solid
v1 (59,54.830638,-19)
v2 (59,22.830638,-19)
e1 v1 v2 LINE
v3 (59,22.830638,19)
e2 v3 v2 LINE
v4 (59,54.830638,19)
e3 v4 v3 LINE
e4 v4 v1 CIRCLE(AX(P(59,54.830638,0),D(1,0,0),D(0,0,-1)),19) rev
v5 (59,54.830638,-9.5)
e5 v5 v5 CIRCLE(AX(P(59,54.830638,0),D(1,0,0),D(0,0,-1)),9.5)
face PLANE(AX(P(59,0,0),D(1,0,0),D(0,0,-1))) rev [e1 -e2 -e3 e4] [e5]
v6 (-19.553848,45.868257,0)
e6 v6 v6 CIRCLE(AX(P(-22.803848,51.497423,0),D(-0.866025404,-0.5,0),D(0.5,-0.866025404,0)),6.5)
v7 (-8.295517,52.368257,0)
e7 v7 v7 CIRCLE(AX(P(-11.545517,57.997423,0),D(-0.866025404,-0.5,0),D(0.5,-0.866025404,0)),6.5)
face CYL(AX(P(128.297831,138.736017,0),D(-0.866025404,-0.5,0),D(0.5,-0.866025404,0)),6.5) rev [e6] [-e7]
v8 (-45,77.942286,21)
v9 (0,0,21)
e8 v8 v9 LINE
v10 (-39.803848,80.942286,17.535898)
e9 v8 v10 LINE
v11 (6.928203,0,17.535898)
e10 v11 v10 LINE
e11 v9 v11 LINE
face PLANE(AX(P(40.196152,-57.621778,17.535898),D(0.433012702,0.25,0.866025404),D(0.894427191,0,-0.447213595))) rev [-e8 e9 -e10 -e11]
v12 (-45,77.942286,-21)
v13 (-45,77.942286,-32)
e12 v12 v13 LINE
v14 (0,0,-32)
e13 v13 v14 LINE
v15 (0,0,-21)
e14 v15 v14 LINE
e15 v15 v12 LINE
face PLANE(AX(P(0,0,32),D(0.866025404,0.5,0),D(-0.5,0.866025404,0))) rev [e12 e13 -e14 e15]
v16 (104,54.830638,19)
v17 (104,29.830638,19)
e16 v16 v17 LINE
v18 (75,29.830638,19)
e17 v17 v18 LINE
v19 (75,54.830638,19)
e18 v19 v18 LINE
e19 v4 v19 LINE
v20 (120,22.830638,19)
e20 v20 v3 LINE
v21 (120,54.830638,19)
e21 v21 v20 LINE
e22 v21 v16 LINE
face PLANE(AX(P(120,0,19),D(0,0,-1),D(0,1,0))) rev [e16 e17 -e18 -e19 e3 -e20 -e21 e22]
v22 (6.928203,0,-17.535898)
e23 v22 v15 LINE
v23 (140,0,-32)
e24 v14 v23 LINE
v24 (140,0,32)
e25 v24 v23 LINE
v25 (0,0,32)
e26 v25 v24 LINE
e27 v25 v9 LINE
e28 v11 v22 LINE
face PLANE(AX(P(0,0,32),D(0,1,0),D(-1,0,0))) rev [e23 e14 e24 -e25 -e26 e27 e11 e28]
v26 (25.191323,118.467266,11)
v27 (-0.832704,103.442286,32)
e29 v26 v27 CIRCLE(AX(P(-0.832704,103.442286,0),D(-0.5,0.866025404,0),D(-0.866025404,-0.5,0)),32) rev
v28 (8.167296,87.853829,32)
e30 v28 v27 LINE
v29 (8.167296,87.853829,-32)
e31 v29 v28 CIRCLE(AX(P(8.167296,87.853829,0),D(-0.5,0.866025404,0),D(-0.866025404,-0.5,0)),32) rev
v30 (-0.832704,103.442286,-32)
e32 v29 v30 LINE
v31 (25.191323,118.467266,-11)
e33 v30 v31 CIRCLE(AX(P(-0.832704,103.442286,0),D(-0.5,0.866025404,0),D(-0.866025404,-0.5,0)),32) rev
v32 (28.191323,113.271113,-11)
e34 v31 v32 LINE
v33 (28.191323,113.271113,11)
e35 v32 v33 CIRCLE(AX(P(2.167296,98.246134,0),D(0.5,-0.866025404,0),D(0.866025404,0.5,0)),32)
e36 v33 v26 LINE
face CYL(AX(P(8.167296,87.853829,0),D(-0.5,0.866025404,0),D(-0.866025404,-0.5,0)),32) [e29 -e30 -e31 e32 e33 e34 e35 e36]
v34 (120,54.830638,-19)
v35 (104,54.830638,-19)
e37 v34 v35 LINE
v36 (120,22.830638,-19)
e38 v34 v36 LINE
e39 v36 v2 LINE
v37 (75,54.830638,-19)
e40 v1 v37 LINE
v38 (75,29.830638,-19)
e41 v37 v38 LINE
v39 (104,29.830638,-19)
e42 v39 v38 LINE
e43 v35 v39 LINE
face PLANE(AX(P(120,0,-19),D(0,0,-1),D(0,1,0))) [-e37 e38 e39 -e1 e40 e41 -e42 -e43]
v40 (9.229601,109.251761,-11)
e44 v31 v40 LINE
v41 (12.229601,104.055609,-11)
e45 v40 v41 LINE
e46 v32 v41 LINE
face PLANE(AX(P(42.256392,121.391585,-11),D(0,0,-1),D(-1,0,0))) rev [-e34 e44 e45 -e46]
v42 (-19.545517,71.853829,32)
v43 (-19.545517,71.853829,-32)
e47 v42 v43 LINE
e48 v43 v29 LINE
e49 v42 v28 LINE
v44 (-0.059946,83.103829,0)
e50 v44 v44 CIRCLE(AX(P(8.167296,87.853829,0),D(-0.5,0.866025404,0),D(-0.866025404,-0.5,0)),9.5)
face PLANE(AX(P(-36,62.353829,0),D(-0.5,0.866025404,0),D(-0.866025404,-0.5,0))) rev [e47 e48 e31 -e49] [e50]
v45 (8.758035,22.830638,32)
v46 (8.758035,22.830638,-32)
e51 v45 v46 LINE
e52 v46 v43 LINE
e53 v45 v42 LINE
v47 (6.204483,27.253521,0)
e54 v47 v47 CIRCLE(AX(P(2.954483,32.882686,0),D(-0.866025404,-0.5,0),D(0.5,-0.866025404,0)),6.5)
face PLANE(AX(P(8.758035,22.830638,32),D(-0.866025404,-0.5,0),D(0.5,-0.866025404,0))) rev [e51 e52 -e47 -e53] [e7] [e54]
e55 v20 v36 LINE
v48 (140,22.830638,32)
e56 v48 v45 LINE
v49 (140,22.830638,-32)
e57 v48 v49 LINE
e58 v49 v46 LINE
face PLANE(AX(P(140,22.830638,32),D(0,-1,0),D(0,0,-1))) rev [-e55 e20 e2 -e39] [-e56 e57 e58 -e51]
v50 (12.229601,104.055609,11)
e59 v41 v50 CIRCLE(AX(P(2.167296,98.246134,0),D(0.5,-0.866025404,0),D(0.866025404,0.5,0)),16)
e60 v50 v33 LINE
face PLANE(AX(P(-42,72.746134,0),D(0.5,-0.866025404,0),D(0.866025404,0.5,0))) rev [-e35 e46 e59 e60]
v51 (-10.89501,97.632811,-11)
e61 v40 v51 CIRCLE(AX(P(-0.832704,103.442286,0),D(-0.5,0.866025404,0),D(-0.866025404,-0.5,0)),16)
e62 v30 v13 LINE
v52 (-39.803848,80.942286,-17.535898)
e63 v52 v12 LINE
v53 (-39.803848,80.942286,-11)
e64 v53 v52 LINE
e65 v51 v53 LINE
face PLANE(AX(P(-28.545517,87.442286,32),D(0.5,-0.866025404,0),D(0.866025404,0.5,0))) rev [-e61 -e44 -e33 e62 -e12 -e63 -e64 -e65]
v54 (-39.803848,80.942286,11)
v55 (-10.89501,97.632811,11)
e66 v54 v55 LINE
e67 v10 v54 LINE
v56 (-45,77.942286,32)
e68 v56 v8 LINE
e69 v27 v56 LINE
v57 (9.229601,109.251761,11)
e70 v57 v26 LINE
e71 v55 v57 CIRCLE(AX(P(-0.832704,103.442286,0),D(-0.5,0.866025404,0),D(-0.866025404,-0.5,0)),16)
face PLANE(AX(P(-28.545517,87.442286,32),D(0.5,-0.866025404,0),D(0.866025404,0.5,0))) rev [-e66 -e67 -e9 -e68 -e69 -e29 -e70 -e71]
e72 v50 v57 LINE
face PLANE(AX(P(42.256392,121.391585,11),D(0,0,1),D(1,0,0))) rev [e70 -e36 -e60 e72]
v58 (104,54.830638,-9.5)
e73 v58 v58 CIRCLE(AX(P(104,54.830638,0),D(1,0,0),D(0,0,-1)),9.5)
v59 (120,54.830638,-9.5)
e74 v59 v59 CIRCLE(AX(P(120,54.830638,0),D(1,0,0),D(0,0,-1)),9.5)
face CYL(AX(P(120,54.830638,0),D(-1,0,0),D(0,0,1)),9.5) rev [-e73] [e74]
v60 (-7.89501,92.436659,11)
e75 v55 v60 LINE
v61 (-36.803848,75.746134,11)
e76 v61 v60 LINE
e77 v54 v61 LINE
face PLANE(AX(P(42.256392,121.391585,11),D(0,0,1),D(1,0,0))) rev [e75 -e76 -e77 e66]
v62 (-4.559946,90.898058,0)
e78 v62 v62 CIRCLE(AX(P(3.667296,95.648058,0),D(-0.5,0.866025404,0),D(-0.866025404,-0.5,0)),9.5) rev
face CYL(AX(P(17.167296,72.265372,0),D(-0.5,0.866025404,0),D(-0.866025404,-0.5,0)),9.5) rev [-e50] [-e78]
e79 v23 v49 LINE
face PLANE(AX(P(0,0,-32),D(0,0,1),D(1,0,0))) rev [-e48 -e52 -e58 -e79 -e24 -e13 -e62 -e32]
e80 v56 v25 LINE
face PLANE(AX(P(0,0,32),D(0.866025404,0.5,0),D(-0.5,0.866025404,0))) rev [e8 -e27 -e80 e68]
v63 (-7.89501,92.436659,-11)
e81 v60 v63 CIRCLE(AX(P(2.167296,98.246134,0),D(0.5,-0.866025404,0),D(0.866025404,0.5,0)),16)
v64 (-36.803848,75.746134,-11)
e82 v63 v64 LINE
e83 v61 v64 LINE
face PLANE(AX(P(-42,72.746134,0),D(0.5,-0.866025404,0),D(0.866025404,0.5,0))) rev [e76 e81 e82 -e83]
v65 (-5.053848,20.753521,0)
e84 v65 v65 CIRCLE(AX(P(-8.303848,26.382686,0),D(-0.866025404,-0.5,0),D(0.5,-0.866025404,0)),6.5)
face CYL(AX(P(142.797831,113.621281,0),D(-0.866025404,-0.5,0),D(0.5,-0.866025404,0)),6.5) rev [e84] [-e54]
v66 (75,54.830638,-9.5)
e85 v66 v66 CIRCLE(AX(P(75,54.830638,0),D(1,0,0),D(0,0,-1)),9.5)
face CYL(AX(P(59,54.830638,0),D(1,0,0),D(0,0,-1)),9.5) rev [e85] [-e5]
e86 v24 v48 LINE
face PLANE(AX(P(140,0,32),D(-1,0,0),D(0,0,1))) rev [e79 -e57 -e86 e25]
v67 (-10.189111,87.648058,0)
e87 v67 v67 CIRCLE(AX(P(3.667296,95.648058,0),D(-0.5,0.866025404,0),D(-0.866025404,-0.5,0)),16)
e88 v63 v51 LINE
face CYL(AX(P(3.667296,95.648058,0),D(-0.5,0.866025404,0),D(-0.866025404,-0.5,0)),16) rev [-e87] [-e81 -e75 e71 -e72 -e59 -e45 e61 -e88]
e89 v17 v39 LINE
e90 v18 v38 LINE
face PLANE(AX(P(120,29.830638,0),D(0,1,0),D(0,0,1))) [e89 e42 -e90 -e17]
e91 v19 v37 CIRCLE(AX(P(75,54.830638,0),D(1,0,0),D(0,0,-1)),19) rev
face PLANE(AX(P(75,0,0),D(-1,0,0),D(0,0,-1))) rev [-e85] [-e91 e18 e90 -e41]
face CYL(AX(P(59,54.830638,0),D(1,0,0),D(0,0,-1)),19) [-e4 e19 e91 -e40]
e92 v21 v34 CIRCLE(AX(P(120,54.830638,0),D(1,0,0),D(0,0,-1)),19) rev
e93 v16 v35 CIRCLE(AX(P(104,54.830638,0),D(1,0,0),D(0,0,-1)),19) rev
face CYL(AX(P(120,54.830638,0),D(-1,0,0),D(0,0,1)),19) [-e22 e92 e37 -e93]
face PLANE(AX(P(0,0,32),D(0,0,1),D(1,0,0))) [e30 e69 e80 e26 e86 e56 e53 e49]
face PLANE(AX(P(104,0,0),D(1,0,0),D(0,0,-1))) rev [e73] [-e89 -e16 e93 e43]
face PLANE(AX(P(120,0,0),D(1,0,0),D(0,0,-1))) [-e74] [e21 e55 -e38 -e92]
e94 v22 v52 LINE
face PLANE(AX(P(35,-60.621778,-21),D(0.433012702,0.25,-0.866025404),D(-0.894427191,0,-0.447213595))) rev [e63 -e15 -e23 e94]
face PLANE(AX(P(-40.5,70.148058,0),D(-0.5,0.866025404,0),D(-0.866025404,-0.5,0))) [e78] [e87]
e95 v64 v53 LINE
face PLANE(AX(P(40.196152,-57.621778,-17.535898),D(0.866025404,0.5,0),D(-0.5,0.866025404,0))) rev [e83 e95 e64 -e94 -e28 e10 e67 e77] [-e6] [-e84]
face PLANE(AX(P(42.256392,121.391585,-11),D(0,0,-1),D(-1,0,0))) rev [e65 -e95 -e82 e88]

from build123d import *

# Parameters (mm, degrees)
EXTRUDE_1_DEPTH     = 32
EXTRUDE_2_DEPTH     = 18
CUT_EXTRUDE_1_DEPTH = 204.283053893
SKETCH_5_W          = 110.763550328
SKETCH_5_H          = 22
CUT_EXTRUDE_2_DEPTH = 6
SKETCH_6_R          = 9.5
CUT_EXTRUDE_3_DEPTH = 36
SKETCH_6_3_R        = 16
CUT_EXTRUDE_4_DEPTH = 9
SKETCH_7_R          = 6.5
CUT_EXTRUDE_5_DEPTH = 181.357330689
SKETCH_8_W          = 38
SKETCH_8_H          = 7
EXTRUDE_3_DEPTH     = 30.5
EXTRUDE_START       = 14.5
SKETCH_8_3_R        = 9.5
EXTRUDE_4_DEPTH     = 16


with BuildPart() as part:
    # 草圖1 → 填料-伸長1 (new, symmetric)
    with BuildSketch(Plane.XY):
        Polygon((0, 0), (-45, 77.942286341), (-28.545517328, 87.442286341), (8.758035362, 22.830637779), (140, 22.830637779), (140, 0), align=None)
    extrude(amount=EXTRUDE_1_DEPTH, both=True)

    # 草圖2 → 填料-伸長2 (add)
    with BuildSketch(Plane(origin=(-45, 77.942286341, 0), x_dir=(0.8660254037844364, 0.5000000000000041, 0), z_dir=(-0.500000000000004, 0.8660254037844363, 0))):
        with BuildLine():
            Line((19, 32), (19, -32))
            Line((19, -32), (51, -32))
            ThreePointArc((51, -32), (83, 0), (51, 32))
            Line((51, 32), (19, 32))
        make_face()
    extrude(amount=-EXTRUDE_2_DEPTH)

    # 草圖4 → 除料-伸長1 (cut, through all)
    with BuildSketch(Plane(origin=(-45, 77.942286341, 0), x_dir=(0.8660254037844364, 0.5000000000000041, 0), z_dir=(-0.500000000000004, 0.8660254037844363, 0))):
        Polygon((0, 21), (6, 17.535898385), (6, -17.535898385), (0, -21), align=None)
    extrude(amount=-CUT_EXTRUDE_1_DEPTH, mode=Mode.SUBTRACT)

    # 草圖5 → 除料-伸長2 (cut)
    with BuildSketch(Plane(origin=(-45, 77.942286341, 0), x_dir=(0.8660254037844364, 0.5000000000000041, 0), z_dir=(-0.500000000000004, 0.8660254037844363, 0))):
        with Locations((41.909126347, 0)):
            Rectangle(SKETCH_5_W, SKETCH_5_H)
    extrude(amount=-CUT_EXTRUDE_2_DEPTH, mode=Mode.SUBTRACT)

    # 草圖6 → 除料-伸長3 (cut)
    with BuildSketch(Plane(origin=(-45, 77.942286341, 0), x_dir=(0.8660254037844364, 0.5000000000000041, 0), z_dir=(-0.500000000000004, 0.8660254037844363, 0))):
        with Locations((51, 0)):
            Circle(SKETCH_6_R)
    extrude(amount=-CUT_EXTRUDE_3_DEPTH, mode=Mode.SUBTRACT)

    # 草圖6<3> → 除料-伸長4 (cut)
    with BuildSketch(Plane(origin=(-45, 77.942286341, 0), x_dir=(0.8660254037844364, 0.5000000000000041, 0), z_dir=(-0.500000000000004, 0.8660254037844363, 0))):
        with Locations((51, 0)):
            Circle(SKETCH_6_3_R)
    extrude(amount=-CUT_EXTRUDE_4_DEPTH, mode=Mode.SUBTRACT)

    # 草圖7 → 除料-伸長5 (cut, through all)
    with BuildSketch(Plane(origin=(5.196152423, 3, 0), x_dir=(0, 0, 1), z_dir=(-0.8660254037844365, -0.500000000000004, 0))):
        with Locations((0, 56)):
            Circle(SKETCH_7_R)
        with Locations((0, 27)):
            Circle(SKETCH_7_R)
    extrude(amount=-CUT_EXTRUDE_5_DEPTH, mode=Mode.SUBTRACT)

    # 草圖8 → 填料-伸長3 (add, symmetric)
    with BuildSketch(Plane(origin=(89.5, 0, 0), x_dir=(0, 0, -1), z_dir=(1, 0, 0))):
        with Locations((0, 26.330637779)):
            Rectangle(SKETCH_8_W, SKETCH_8_H)
    extrude(amount=EXTRUDE_3_DEPTH, both=True)

    # 草圖8<3> → 填料-伸長4 (add)
    with BuildSketch(Plane(origin=(89.5, 0, 0), x_dir=(0, 0, -1), z_dir=(1, 0, 0)).offset(EXTRUDE_START)):
        with BuildLine():
            Line((-19, 54.830637779), (-19, 29.830637779))
            Line((-19, 29.830637779), (19, 29.830637779))
            Line((19, 29.830637779), (19, 54.830637779))
            ThreePointArc((19, 54.830637779), (0, 73.830637779), (-19, 54.830637779))
        make_face()
        with Locations((0, 54.830637779)):
            Circle(SKETCH_8_3_R, mode=Mode.SUBTRACT)
    extrude_4 = extrude(amount=EXTRUDE_4_DEPTH)

    # 鏡射1: 填料-伸長4 across plane
    add(extrude_4.mirror(Plane(origin=(89.5, 0, 0), x_dir=(0, 0, 1), z_dir=(1, 0, 0))))


solid = part.part
